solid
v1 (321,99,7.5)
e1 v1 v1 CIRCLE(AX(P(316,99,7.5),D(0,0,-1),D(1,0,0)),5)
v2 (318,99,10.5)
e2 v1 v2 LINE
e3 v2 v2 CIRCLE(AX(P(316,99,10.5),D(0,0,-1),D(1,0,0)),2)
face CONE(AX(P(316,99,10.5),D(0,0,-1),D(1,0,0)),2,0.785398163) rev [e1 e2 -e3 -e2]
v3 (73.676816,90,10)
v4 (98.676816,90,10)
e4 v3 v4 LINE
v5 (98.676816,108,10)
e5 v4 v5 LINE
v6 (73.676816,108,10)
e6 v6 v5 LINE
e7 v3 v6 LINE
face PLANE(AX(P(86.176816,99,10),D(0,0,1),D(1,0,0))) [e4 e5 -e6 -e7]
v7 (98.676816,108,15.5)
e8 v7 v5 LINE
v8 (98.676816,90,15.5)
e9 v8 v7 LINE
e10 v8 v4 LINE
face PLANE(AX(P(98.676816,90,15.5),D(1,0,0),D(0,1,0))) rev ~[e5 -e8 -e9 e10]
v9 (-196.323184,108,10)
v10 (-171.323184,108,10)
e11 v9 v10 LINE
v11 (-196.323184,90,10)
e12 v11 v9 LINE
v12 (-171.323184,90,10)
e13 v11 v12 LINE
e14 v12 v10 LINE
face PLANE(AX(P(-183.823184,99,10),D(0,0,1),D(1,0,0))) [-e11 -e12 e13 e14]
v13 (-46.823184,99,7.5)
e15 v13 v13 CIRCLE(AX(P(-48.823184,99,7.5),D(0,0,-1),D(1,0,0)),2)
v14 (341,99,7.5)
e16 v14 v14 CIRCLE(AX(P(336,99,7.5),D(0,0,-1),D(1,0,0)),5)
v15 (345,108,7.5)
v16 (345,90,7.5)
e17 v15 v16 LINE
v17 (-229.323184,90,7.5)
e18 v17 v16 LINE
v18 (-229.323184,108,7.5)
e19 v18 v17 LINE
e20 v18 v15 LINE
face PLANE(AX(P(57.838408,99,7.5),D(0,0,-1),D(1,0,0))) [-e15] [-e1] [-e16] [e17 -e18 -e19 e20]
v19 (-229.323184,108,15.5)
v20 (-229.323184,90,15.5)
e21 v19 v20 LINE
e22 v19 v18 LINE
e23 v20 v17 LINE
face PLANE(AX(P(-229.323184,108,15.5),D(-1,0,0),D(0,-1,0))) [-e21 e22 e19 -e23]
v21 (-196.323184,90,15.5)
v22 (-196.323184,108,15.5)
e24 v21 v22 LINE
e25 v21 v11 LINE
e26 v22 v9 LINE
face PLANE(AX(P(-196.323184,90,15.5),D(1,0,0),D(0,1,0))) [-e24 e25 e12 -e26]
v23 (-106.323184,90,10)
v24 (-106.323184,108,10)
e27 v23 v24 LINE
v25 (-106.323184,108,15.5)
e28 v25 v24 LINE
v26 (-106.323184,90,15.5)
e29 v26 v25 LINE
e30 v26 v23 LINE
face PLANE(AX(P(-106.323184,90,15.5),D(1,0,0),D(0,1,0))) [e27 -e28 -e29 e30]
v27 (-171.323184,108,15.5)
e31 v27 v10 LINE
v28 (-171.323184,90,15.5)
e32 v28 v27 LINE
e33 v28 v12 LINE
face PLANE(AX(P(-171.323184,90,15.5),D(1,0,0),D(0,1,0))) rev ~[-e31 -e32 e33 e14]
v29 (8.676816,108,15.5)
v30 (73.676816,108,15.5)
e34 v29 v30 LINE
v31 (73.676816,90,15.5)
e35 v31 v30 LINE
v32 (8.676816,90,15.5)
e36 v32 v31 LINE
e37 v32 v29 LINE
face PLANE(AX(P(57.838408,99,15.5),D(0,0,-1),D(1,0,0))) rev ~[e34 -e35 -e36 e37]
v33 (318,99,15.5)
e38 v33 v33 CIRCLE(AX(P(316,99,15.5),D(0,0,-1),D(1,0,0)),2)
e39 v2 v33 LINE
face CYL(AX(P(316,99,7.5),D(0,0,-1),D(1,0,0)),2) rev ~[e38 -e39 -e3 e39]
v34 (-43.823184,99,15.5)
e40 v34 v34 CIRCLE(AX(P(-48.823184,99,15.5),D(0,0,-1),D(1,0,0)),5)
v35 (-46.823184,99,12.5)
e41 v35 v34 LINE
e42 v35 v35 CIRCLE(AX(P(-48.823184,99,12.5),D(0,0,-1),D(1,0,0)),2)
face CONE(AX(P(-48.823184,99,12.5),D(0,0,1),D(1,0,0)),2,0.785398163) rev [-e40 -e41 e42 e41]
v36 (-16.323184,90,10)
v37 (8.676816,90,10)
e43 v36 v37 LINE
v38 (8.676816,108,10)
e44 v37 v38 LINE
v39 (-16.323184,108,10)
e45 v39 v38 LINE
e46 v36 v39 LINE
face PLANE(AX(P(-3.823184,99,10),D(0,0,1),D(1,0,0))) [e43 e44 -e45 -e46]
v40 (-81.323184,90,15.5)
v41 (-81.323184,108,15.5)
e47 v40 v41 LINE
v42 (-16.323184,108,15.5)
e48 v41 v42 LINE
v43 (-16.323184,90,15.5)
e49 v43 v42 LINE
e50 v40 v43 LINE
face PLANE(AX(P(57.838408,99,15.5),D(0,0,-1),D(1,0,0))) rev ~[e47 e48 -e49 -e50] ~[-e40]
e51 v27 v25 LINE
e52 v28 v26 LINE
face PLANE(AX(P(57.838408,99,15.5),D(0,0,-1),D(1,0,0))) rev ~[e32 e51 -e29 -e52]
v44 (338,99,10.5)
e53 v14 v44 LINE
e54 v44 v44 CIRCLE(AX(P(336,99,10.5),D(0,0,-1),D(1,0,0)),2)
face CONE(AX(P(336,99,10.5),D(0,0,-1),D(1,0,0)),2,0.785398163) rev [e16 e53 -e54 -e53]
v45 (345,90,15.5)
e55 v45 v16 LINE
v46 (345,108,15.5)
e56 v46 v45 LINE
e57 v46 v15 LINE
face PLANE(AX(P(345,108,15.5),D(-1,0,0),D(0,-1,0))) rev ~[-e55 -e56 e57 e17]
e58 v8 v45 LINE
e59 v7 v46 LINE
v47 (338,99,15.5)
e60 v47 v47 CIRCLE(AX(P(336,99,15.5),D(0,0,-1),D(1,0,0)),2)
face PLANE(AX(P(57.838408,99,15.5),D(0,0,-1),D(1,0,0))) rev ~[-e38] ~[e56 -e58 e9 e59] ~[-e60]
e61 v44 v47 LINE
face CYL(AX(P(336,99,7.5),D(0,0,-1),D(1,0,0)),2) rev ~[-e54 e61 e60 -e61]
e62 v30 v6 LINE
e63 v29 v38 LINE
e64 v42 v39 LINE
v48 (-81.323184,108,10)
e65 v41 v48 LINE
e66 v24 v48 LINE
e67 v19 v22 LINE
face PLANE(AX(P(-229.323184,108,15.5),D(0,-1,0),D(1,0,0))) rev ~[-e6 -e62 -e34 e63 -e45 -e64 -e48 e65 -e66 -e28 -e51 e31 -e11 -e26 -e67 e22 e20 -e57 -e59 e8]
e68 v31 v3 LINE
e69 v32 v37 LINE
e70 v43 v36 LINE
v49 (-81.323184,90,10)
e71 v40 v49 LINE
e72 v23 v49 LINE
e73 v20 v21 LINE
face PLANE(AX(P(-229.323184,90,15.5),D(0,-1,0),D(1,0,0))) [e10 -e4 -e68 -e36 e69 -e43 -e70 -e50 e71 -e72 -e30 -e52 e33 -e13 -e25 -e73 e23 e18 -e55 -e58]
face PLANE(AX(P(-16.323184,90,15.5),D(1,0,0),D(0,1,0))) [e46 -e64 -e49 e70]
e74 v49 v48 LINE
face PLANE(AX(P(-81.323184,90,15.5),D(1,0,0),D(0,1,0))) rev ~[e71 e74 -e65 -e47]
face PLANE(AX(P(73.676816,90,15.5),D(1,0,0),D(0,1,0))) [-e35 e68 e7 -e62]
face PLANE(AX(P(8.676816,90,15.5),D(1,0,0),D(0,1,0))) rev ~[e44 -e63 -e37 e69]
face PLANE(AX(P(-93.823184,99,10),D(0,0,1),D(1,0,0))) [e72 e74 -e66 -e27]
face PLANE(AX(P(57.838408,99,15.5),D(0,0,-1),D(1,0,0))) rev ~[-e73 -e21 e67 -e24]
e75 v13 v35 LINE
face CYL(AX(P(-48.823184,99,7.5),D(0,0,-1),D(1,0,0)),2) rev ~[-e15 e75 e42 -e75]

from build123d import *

# Parameters (mm, degrees)
SKETCH044_W             = 574.323184
SKETCH044_H             = 18
PAD022_DEPTH            = 8
SKETCH049_R             = 2
POCKET031_DEPTH         = 8.001
CHAMFER017_SIZE         = 3
SKETCH050_W             = 25
SKETCH050_H             = 18
POCKET032_DEPTH         = 5.5
SKETCH070_R             = 2
POCKET045_DEPTH         = 8.001
CHAMFER029_SIZE         = 3
BODY016_PLACEMENT_ANGLE = 180


with BuildPart() as part:
    # Sketch044 → Pad022 (new body)
    with BuildSketch(Plane.XY):
        with Locations((57.838408, -99)):
            Rectangle(SKETCH044_W, SKETCH044_H)
    extrude(amount=PAD022_DEPTH)

    # Sketch049 (on Face6 of Pad022) → Pocket031 (cut, through all)
    with BuildSketch(Plane.XY.offset(8)):
        with Locations((316, -99)):
            Circle(SKETCH049_R)
        with Locations((336, -99)):
            Circle(SKETCH049_R)
    extrude(amount=-POCKET031_DEPTH, mode=Mode.SUBTRACT)

    # Chamfer017
    chamfer017_edges = [part.edges().sort_by_distance(p)[0] for p in [
        (334, -99, 8),
        (314, -99, 8),
    ]]
    chamfer(chamfer017_edges, length=CHAMFER017_SIZE)

    # Sketch050 (on Face9 of Chamfer017) → Pocket032 (cut)
    with BuildSketch(Plane(origin=(0, 0, 0), x_dir=(1, 0, 0), z_dir=(0, 0, -1))):
        with Locations((-183.823184, 99)):
            Rectangle(SKETCH050_W, SKETCH050_H)
        with Locations((-93.823184, 99)):
            Rectangle(SKETCH050_W, SKETCH050_H)
        with Locations((-3.823184, 99)):
            Rectangle(SKETCH050_W, SKETCH050_H)
        with Locations((86.176816, 99)):
            Rectangle(SKETCH050_W, SKETCH050_H)
    extrude(amount=-POCKET032_DEPTH, mode=Mode.SUBTRACT)

    # Sketch070 (on Face1 of Pocket032) → Pocket045 (cut, through all)
    with BuildSketch(Plane.XY.offset(8)):
        with Locations((-48.823184, -99)):
            Circle(SKETCH070_R)
    extrude(amount=-POCKET045_DEPTH, mode=Mode.SUBTRACT)

    # Chamfer029
    chamfer029_edges = [part.edges().sort_by_distance(p)[0] for p in [
        (-50.823184, -99, 0),
    ]]
    chamfer(chamfer029_edges, length=CHAMFER029_SIZE)


with BuildPart() as part_1:
    # Body016 placement: moved
    add(part.part.moved(Location((0, 0, 15.5))).rotate(Axis((0, 0, 15.5), (1, 0, 0)), BODY016_PLACEMENT_ANGLE))


solid = part_1.part
